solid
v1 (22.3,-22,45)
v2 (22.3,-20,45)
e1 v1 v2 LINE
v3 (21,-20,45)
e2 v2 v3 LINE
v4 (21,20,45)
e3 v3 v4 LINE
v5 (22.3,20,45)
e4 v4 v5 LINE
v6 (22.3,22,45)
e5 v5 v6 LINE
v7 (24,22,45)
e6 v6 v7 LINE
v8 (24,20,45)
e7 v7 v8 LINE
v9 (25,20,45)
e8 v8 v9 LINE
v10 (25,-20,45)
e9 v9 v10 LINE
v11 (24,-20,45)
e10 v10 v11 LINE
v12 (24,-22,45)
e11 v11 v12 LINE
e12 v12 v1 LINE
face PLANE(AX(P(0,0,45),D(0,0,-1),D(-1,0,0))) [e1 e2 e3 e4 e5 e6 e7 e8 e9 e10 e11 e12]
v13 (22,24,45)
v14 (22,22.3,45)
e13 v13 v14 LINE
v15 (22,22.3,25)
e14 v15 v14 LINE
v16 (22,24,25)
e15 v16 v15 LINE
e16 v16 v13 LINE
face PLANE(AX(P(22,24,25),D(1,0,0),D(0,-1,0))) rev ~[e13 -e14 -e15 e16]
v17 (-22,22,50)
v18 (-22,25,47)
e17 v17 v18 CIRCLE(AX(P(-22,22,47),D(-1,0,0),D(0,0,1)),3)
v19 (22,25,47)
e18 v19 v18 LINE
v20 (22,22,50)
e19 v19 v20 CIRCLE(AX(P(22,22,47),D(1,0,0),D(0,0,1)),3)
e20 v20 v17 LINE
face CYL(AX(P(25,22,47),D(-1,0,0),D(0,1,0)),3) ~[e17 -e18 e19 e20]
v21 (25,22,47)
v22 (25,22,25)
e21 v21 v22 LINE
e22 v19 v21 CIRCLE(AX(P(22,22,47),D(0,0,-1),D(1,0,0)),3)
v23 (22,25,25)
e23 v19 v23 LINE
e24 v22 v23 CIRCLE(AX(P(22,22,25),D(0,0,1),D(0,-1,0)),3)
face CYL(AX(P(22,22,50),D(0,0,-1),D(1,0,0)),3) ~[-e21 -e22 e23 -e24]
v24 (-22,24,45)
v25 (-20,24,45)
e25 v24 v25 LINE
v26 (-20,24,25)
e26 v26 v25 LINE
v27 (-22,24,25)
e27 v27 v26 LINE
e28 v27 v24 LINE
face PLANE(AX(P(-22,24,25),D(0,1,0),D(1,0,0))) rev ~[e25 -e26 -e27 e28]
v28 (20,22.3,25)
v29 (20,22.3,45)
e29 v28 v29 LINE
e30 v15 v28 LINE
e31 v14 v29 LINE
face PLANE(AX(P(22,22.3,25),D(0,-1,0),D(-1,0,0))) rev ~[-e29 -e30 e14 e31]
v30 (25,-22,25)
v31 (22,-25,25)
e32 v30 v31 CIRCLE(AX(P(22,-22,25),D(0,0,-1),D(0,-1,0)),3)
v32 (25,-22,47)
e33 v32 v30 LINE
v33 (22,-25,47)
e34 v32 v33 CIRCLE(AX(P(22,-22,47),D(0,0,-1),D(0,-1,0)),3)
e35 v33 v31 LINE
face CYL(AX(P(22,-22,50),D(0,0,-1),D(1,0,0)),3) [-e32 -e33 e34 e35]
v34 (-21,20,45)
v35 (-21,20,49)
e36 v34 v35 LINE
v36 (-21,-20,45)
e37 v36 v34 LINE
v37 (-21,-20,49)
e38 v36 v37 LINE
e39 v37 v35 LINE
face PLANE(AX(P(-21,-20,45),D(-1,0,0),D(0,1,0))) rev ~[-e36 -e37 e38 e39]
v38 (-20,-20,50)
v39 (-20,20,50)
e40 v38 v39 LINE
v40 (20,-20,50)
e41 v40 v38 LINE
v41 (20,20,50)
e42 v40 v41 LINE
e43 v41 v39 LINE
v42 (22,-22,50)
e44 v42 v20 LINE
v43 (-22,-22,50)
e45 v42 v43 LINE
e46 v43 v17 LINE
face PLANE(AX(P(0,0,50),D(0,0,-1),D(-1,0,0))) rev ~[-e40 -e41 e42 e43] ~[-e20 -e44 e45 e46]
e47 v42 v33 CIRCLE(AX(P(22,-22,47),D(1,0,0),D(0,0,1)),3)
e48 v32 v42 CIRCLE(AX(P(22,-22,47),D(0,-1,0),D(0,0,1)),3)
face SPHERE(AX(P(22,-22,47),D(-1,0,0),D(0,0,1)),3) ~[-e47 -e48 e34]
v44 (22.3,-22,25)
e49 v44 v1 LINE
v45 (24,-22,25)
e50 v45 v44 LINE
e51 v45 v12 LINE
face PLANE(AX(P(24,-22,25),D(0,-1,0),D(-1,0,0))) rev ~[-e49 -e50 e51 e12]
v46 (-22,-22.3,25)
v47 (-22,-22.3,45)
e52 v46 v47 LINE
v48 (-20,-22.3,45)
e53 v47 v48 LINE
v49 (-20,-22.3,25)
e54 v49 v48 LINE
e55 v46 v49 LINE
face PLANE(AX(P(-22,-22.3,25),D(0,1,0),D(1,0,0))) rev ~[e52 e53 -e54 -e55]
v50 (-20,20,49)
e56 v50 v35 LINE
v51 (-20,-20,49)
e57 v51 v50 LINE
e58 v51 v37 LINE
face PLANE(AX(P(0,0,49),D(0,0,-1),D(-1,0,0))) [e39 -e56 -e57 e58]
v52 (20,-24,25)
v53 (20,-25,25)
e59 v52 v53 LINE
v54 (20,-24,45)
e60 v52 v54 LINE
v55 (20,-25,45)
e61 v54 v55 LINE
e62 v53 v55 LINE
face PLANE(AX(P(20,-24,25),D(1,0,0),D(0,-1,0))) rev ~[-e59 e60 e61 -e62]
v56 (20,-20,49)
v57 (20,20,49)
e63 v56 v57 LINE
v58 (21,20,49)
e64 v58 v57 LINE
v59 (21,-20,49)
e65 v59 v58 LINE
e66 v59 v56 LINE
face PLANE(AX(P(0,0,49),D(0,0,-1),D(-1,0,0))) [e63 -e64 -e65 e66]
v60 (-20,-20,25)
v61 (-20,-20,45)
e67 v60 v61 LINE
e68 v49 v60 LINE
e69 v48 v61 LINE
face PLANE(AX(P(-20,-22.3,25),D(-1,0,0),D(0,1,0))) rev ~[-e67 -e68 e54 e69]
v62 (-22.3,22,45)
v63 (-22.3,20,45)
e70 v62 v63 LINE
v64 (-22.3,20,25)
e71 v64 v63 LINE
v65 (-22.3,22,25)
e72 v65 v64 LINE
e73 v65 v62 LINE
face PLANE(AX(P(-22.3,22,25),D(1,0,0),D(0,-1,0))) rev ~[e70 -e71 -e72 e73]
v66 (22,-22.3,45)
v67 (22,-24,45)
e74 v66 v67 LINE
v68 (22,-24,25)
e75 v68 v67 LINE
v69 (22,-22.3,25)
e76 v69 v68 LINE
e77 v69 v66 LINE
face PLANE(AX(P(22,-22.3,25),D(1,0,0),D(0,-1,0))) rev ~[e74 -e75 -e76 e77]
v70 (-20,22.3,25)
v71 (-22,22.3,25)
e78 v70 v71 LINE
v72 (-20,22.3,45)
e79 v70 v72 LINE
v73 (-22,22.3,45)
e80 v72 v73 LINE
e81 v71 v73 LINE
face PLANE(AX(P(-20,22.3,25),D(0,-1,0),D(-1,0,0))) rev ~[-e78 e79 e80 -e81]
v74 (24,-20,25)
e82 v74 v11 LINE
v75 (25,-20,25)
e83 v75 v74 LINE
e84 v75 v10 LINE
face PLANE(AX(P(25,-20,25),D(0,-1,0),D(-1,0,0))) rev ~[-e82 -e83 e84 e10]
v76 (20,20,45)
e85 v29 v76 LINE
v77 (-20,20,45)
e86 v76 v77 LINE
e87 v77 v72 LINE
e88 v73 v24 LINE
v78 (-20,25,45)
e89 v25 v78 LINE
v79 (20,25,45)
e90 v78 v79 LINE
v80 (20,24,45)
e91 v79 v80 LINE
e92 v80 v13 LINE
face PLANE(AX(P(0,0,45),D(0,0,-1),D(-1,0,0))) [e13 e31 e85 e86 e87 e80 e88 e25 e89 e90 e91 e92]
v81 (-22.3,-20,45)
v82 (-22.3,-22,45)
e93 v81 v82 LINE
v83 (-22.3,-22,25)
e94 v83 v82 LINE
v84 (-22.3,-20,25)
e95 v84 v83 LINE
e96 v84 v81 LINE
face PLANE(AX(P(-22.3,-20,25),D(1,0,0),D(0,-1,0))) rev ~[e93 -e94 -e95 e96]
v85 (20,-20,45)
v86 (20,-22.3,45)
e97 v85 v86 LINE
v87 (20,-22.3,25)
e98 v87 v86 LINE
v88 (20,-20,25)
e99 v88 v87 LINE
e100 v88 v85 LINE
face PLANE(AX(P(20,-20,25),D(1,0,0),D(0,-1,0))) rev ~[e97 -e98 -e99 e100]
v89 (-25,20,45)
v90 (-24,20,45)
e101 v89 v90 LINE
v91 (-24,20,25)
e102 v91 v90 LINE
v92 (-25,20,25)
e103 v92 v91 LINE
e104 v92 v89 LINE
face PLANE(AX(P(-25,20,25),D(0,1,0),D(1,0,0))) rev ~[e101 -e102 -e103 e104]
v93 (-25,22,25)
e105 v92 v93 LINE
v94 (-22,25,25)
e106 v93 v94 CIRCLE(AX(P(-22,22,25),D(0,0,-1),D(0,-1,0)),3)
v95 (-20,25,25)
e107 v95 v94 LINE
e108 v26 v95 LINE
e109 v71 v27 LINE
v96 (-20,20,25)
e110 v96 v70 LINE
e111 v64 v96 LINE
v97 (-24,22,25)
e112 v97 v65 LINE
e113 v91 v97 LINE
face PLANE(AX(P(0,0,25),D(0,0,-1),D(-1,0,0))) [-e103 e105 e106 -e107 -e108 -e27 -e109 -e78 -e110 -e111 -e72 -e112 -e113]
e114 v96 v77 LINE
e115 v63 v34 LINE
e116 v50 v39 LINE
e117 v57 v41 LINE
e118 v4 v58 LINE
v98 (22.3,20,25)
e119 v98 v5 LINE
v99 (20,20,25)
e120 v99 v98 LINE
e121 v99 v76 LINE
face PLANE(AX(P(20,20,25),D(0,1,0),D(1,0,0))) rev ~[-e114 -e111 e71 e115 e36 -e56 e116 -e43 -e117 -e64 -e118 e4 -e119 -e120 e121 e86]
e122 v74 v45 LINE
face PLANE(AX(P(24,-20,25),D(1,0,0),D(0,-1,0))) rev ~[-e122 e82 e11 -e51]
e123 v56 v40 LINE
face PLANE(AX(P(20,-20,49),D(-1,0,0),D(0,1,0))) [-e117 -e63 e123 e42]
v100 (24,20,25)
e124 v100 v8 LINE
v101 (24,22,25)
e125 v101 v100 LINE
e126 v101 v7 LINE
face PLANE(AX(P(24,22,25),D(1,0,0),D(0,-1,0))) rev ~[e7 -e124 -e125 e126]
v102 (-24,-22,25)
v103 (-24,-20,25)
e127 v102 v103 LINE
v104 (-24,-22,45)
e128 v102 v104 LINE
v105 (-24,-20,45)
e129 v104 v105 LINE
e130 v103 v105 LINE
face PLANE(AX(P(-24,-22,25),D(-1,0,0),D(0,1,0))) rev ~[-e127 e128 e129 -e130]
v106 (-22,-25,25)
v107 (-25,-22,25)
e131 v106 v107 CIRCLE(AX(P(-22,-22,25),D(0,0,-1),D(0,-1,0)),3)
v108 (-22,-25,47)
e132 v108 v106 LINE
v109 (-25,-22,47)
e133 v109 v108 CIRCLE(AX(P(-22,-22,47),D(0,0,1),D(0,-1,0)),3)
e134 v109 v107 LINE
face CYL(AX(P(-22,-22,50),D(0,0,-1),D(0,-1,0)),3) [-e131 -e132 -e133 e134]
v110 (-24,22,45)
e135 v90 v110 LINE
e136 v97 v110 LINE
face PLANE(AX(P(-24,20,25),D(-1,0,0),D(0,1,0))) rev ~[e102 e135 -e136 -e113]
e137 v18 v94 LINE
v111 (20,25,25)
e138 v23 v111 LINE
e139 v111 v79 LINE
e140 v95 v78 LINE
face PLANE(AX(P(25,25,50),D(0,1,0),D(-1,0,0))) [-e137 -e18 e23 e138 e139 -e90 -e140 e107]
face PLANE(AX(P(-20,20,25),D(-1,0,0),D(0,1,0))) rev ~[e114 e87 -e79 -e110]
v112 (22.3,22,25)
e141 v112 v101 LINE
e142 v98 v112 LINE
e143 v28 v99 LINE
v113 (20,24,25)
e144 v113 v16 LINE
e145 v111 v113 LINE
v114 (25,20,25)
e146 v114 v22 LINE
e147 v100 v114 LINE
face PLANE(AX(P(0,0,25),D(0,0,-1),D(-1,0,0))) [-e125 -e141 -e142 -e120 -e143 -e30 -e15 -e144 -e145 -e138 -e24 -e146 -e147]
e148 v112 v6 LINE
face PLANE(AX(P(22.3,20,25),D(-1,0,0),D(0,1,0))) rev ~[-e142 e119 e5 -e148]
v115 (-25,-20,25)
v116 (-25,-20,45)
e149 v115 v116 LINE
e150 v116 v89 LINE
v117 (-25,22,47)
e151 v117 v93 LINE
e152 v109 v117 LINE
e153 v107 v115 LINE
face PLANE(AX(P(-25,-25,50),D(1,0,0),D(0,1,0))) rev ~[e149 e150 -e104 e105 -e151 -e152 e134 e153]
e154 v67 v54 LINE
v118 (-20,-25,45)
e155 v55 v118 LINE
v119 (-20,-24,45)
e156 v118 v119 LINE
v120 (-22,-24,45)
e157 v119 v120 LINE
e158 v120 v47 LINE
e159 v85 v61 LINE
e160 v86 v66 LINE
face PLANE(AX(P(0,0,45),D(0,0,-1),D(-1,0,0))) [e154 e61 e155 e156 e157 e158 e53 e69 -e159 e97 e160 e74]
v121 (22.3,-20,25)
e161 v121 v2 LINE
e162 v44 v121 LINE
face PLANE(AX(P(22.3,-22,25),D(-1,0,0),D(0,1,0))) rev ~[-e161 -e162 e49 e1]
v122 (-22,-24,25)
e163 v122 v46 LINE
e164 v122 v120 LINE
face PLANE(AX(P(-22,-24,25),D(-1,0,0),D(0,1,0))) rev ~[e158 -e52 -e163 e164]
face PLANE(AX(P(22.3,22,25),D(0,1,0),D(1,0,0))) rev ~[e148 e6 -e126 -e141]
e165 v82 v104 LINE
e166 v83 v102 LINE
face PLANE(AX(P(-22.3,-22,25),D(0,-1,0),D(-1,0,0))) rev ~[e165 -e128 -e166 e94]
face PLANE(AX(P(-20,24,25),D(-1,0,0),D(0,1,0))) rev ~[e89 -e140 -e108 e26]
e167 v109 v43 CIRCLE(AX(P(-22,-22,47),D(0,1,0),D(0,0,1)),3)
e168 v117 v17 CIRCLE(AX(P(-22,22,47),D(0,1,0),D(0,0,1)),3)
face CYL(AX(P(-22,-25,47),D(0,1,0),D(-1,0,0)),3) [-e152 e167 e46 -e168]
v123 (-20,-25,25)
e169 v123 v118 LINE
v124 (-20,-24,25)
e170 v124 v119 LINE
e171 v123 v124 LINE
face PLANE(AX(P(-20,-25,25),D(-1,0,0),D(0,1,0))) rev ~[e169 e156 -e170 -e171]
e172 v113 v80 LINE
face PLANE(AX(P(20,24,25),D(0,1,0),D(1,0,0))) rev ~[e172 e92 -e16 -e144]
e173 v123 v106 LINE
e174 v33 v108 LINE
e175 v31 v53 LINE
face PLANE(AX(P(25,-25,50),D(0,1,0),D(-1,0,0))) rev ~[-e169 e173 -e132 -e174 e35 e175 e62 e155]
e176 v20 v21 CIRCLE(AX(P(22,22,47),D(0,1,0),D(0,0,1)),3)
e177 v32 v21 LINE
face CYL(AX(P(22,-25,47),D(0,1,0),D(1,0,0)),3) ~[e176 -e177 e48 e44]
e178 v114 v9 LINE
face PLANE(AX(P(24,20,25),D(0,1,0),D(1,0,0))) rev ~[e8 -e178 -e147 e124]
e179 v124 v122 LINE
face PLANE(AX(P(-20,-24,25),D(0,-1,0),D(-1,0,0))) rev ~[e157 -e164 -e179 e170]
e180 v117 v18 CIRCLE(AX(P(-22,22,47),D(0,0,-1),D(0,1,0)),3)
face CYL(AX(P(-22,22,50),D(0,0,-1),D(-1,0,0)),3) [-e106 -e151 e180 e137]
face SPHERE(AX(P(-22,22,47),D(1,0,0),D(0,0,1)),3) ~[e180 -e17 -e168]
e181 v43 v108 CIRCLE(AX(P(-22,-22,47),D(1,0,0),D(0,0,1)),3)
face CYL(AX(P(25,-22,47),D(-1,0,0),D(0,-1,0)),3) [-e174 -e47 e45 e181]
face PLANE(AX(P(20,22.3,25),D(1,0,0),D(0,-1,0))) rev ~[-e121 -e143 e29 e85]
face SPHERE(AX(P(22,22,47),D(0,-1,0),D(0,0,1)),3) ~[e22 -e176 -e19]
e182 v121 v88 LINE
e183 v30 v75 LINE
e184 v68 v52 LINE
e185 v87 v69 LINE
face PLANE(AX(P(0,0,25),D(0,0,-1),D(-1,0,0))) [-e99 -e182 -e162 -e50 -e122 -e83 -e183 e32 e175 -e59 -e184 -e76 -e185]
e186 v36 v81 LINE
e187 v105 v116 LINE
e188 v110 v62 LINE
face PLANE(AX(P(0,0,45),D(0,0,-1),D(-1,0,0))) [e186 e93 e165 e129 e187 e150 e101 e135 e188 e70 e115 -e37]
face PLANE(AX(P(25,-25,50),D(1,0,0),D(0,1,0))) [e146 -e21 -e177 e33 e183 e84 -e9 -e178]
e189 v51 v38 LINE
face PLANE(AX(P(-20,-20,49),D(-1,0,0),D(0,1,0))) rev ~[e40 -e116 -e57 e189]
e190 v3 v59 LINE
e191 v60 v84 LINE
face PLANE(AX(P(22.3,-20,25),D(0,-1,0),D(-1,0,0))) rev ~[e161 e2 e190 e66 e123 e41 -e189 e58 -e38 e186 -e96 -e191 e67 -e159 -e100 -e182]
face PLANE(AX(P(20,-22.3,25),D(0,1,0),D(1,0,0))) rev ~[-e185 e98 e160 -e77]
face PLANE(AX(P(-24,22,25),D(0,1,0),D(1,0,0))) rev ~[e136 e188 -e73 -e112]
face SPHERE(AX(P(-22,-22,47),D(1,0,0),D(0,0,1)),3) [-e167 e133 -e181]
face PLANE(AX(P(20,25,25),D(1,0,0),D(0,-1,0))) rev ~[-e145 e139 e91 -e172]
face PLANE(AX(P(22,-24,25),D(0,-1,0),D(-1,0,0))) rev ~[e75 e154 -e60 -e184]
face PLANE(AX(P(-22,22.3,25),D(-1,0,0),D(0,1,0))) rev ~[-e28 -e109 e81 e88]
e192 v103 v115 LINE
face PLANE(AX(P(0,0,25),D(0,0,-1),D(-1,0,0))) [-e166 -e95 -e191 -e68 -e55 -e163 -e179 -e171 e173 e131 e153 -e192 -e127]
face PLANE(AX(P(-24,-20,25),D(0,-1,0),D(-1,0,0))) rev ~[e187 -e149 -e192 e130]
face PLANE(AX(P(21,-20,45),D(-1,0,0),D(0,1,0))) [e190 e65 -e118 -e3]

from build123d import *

# Parameters (mm, degrees)
SKETCH011_W             = 50
SKETCH011_H             = 50
PAD001_DEPTH            = 25
FILLET001_R             = 3
POCKET004_DEPTH         = 20
SKETCH013_W             = 42
SKETCH013_H             = 40
POCKET003_DEPTH         = 4
SKETCH010_W             = 40
SKETCH010_H             = 40
POCKET005_DEPTH         = 1
BODY001_PLACEMENT_ANGLE = 180


with BuildPart() as part:
    # Sketch011 → Pad001 (new body)
    with BuildSketch(Plane.XY):
        Rectangle(SKETCH011_W, SKETCH011_H)
    extrude(amount=PAD001_DEPTH)

    # Fillet001
    fillet001_edges = [part.edges().sort_by_distance(p)[0] for p in [
        (0, -25, 0),
        (-25, 0, 0),
        (0, 25, 0),
        (25, 0, 0),
        (-25, -25, 12.5),
        (25, 25, 12.5),
        (-25, 25, 12.5),
        (25, -25, 12.5),
    ]]
    fillet(fillet001_edges, radius=FILLET001_R)

    # Sketch012 (on Face2 of Fillet001) → Pocket004 (cut)
    with BuildSketch(Plane.XY.offset(25)):
        Polygon((-20, 25), (-20, 24), (-22, 24), (-22, 22.3), (-20, 22.3), (-20, 20), (-22.3, 20), (-22.3, 22), (-24, 22), (-24, 20), (-25, 20), (-25, -20), (-24, -20), (-24, -22), (-22.3, -22), (-22.3, -20), (-20, -20), (-20, -22.3), (-22, -22.3), (-22, -24), (-20, -24), (-20, -25), (20, -25), (20, -24), (22, -24), (22, -22.3), (20, -22.3), (20, -20), (22.3, -20), (22.3, -22), (24, -22), (24, -20), (25, -20), (25, 20), (24, 20), (24, 22), (22.3, 22), (22.3, 20), (20, 20), (20, 22.3), (22, 22.3), (22, 24), (20, 24), (20, 25), align=None)
    extrude(amount=-POCKET004_DEPTH, mode=Mode.SUBTRACT)

    # Sketch013 (on Face7 of Pocket004) → Pocket003 (cut)
    with BuildSketch(Plane.XY.offset(5)):
        Rectangle(SKETCH013_W, SKETCH013_H)
    extrude(amount=-POCKET003_DEPTH, mode=Mode.SUBTRACT)

    # Sketch010 (on Face47 of Pocket003) → Pocket005 (cut)
    with BuildSketch(Plane.XY.offset(1)):
        Rectangle(SKETCH010_W, SKETCH010_H)
    extrude(amount=-POCKET005_DEPTH, mode=Mode.SUBTRACT)


with BuildPart() as part_1:
    # Body001 placement: moved
    add(part.part.moved(Location((0, 0, 50))).rotate(Axis((0, 0, 50), (0, 1, 0)), BODY001_PLACEMENT_ANGLE))


solid = part_1.part
